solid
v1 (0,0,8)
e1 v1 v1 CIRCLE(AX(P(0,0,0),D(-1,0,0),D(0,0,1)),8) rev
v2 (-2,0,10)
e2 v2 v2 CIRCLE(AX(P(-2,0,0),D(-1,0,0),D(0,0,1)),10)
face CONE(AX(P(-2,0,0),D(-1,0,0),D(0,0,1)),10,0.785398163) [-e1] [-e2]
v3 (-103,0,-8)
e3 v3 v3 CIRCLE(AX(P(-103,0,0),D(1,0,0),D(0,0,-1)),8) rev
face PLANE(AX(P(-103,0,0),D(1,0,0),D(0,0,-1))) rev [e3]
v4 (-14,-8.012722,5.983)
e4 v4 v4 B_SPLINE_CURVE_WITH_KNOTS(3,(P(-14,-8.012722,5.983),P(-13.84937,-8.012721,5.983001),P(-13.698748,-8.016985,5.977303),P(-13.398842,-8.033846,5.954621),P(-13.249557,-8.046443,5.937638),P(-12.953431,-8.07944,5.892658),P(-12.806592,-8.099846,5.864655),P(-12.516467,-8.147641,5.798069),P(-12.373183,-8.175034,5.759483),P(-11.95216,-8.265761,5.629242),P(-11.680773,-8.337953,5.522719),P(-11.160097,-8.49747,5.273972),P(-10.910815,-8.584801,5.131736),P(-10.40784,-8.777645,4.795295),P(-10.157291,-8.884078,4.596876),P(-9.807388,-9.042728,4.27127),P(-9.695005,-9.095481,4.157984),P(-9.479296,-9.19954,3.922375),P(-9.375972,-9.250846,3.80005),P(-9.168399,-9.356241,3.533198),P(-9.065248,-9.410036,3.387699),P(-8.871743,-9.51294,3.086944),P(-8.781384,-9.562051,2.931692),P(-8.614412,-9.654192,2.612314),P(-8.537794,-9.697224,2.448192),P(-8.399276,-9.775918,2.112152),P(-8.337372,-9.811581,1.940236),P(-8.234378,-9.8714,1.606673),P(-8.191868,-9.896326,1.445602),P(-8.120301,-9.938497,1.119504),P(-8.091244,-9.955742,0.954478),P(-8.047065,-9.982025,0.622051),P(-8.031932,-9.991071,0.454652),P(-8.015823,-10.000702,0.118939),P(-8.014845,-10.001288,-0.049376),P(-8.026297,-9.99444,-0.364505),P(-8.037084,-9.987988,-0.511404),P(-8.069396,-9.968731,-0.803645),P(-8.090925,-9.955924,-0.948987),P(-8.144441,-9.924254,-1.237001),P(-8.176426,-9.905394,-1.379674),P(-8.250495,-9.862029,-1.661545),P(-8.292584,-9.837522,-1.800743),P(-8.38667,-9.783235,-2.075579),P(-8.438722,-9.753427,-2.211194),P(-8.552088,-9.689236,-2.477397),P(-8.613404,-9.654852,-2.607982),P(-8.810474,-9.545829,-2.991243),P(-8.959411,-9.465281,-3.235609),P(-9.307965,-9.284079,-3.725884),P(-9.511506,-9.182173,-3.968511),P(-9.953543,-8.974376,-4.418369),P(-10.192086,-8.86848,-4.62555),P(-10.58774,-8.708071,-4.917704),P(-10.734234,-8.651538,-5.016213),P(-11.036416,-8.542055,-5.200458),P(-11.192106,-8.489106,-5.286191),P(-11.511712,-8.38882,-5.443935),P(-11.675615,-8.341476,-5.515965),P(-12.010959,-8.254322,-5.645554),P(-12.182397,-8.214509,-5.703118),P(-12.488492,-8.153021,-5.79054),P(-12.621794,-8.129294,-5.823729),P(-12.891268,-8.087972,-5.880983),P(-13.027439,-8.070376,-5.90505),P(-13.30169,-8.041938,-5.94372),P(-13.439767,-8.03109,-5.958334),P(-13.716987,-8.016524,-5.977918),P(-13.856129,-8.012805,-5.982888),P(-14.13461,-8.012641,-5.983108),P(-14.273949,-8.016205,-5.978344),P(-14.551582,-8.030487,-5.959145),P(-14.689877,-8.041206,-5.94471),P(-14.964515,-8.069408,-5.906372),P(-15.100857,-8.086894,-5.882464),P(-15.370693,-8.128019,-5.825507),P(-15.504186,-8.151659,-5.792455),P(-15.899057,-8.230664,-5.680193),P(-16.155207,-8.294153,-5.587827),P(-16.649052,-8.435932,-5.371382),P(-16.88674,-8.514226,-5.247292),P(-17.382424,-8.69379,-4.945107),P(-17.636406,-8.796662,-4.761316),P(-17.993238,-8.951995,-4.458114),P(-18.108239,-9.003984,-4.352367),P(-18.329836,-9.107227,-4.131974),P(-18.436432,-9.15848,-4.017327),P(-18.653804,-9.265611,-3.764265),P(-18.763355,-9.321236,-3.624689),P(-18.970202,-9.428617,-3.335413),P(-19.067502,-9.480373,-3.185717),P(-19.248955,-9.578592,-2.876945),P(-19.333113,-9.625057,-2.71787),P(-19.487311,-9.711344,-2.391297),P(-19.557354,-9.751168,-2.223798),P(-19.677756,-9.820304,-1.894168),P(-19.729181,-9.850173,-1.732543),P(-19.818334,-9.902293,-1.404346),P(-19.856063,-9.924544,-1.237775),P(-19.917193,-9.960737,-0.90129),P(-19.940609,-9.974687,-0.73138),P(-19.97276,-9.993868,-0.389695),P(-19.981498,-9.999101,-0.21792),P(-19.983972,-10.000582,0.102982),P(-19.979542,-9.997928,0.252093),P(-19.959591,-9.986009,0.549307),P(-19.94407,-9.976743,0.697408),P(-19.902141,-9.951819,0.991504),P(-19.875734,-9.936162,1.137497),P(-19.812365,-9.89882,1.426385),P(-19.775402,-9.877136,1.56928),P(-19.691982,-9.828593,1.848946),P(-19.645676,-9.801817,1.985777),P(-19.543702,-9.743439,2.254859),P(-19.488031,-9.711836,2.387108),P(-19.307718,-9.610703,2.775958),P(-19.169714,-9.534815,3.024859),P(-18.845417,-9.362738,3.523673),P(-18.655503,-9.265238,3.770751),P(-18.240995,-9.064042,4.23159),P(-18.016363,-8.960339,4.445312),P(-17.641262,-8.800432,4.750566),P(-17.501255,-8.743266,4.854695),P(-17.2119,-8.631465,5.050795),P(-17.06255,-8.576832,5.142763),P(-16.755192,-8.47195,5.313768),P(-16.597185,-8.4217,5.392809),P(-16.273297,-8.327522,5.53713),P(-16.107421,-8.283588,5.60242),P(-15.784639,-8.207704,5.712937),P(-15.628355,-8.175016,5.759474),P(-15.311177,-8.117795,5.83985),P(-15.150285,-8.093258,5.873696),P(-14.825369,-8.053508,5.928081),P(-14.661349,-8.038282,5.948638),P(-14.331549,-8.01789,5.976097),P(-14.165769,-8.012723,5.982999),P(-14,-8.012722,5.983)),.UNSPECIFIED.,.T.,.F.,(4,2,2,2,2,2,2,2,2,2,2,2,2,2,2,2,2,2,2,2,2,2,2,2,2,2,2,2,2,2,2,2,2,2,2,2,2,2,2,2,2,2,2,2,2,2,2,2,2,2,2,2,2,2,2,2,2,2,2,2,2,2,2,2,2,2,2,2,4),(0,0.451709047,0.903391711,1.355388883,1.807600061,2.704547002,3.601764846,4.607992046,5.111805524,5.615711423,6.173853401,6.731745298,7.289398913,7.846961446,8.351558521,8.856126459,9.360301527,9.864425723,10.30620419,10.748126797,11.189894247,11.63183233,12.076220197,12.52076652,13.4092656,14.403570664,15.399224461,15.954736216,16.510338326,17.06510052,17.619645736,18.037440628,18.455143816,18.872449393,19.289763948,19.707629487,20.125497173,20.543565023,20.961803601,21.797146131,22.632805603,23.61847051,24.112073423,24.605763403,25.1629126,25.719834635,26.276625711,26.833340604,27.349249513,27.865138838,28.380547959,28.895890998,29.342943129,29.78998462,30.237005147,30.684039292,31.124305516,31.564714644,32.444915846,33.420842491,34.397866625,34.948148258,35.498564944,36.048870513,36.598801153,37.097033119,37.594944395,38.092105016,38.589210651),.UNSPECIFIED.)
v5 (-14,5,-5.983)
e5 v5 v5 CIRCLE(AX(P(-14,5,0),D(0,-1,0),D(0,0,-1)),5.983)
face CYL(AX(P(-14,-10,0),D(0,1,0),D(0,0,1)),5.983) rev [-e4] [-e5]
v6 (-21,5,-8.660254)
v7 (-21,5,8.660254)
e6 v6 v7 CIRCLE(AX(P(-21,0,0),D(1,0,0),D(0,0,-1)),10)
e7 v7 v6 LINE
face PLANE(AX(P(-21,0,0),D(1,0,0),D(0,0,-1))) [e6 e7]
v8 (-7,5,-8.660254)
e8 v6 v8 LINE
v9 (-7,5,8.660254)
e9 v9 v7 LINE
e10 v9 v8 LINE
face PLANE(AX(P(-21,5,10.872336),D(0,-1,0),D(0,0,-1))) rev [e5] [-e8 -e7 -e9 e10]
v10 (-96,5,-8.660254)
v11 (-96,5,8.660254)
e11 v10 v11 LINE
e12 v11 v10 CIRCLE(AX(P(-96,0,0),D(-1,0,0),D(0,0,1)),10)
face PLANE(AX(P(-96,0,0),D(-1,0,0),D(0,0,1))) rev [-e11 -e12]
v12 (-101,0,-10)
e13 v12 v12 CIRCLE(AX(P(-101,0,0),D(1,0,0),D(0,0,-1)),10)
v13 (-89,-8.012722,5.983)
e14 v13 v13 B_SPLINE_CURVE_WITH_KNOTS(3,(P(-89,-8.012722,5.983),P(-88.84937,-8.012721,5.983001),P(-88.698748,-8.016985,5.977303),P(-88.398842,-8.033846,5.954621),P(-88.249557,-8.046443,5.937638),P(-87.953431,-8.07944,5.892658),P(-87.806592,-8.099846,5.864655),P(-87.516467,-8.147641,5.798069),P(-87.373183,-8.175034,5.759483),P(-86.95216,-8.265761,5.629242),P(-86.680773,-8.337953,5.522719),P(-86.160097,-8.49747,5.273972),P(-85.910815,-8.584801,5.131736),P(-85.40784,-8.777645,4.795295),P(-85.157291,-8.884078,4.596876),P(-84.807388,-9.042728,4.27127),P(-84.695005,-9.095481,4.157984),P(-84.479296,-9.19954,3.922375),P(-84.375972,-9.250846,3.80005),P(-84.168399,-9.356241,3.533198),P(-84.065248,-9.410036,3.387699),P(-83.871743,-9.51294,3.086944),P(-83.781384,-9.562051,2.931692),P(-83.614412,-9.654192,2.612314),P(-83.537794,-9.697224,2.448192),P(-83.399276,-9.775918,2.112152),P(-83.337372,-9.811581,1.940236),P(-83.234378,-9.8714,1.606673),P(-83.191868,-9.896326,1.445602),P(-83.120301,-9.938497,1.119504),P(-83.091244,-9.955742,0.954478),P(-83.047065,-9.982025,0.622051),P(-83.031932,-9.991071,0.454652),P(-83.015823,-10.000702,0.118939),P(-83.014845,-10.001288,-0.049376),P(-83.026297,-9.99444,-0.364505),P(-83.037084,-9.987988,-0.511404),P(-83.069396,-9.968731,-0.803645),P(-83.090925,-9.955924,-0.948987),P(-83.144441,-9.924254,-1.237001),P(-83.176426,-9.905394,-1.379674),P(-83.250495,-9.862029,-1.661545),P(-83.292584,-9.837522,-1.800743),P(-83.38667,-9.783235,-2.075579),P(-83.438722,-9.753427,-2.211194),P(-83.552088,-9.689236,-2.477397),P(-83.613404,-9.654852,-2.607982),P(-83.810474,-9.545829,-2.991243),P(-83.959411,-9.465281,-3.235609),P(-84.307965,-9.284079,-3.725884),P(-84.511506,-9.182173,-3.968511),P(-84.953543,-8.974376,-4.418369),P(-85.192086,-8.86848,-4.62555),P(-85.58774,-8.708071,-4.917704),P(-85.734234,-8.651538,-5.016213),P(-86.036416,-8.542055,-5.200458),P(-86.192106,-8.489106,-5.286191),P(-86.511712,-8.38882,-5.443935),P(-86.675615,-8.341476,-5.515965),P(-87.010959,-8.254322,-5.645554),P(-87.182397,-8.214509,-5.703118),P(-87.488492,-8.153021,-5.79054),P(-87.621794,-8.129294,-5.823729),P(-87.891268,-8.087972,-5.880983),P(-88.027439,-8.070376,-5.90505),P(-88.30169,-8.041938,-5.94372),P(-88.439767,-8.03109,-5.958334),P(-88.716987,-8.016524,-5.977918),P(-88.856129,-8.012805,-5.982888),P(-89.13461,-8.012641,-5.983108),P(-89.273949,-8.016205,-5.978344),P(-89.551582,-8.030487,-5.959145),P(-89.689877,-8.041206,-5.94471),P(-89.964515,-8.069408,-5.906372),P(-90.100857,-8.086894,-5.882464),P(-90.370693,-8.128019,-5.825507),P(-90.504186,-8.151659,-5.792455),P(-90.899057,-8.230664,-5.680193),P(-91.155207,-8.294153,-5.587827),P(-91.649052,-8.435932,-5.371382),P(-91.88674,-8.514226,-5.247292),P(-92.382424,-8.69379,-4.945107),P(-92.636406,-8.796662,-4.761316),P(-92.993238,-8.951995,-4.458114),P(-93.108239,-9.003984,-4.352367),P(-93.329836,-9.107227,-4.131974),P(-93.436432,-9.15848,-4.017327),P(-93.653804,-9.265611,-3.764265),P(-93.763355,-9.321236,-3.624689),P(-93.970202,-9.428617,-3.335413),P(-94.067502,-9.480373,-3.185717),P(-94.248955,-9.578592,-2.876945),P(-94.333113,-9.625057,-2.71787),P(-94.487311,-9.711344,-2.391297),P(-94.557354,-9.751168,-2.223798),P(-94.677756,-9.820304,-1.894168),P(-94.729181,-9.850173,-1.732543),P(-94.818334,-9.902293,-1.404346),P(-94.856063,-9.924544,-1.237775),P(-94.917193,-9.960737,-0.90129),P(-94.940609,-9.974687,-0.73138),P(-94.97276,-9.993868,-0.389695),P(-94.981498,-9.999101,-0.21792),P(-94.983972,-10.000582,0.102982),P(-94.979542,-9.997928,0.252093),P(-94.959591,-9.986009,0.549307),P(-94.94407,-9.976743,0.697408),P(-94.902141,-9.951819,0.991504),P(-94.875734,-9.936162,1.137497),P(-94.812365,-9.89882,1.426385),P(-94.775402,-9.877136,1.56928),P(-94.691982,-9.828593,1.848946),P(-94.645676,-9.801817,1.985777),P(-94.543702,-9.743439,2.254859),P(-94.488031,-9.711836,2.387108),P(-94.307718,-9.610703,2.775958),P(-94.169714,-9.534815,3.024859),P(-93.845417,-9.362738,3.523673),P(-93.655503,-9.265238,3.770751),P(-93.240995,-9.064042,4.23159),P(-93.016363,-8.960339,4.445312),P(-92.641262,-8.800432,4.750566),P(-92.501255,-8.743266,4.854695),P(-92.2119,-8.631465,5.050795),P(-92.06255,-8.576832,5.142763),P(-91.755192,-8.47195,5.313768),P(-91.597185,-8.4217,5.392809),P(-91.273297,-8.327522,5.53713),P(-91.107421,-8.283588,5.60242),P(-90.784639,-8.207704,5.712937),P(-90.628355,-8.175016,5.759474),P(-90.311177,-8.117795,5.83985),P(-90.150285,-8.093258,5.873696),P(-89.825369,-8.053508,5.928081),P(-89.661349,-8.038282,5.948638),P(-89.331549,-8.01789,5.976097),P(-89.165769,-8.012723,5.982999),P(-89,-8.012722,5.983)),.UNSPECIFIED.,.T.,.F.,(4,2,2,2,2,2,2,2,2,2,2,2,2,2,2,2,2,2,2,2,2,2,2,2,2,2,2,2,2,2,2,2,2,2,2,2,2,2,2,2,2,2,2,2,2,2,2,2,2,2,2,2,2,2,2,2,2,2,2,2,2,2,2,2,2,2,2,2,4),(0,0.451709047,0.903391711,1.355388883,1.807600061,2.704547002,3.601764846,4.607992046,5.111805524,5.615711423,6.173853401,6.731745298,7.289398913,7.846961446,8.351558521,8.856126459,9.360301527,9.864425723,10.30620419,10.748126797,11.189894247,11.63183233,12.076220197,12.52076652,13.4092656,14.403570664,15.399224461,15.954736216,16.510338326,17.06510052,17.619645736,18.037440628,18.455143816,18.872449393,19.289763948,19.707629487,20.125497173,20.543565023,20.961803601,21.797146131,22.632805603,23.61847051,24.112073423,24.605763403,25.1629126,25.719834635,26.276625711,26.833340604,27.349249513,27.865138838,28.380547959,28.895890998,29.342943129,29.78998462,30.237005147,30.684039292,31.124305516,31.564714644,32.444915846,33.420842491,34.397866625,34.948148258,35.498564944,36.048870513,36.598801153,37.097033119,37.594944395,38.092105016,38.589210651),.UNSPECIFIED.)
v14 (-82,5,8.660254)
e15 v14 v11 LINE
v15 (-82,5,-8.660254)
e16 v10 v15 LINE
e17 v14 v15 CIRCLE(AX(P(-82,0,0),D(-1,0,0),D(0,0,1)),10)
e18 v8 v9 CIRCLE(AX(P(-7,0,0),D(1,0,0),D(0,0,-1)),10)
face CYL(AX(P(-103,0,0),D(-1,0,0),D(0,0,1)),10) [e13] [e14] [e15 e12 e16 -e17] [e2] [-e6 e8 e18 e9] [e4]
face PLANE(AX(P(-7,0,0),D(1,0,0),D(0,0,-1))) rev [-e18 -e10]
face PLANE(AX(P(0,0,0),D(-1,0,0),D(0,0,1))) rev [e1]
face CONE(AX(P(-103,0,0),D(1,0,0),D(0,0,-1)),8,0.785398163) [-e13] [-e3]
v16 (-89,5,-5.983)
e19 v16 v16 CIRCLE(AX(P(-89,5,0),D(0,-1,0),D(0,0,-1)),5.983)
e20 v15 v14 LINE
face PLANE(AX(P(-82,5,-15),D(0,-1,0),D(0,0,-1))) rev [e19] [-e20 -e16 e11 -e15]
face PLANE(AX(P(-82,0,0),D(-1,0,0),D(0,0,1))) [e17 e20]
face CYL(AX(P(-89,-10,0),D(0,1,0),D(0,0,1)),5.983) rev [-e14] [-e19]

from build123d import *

# Parameters (mm, degrees)
SKETCH1_W               = 103
SKETCH1_H               = 10
CUT_EXTRUDE1_START      = -7
CUT_EXTRUDE1_DEPTH      = 14
CUT_EXTRUDE2_START      = -7
CUT_EXTRUDE2_DEPTH      = 14
CUT_EXTRUDE3_DEPTH      = 104.966340707
CUT_EXTRUDE3_DEPTH_BACK = 104.966340707
SKETCH4_R               = 5.983
CHAMFER1_SIZE           = 2


with BuildPart() as part:
    # Sketch1 → Revolve1 (revolve)
    with BuildSketch(Plane.XY, mode=Mode.PRIVATE) as revolve1_sk:
        with Locations((-51.5, 5)):
            Rectangle(SKETCH1_W, SKETCH1_H)
    revolve(revolve1_sk.sketch.rotate(Axis((-103, 0, 0), (1, 0, 0)), 90), axis=Axis((-103, 0, 0), (1, 0, 0)))

    # Sketch2 → Cut-Extrude1 (cut)
    with BuildSketch(Plane(origin=(0, 0, 0), x_dir=(0, 0, -1), z_dir=(1, 0, 0)).offset(CUT_EXTRUDE1_START)):
        with BuildLine():
            Line((-10.872335562, 5), (10.872335562, 5))
            ThreePointArc((10.872335562, 5), (0, 11.966941154), (-10.872335562, 5))
        make_face()
    extrude(amount=-CUT_EXTRUDE1_DEPTH, mode=Mode.SUBTRACT)

    # Sketch3 → Cut-Extrude2 (cut)
    with BuildSketch(Plane.ZY.offset(103).offset(CUT_EXTRUDE2_START)):
        with BuildLine():
            Line((-15, 5), (15, 5))
            ThreePointArc((15, 5), (0, 15.811388301), (-15, 5))
        make_face()
    extrude(amount=-CUT_EXTRUDE2_DEPTH, mode=Mode.SUBTRACT)

    # Sketch4 → Cut-Extrude3 (cut, two sides: drawn at the far end of the back side and taken through both)
    with BuildSketch(Plane(origin=(0, 0, 0), x_dir=(1, 0, 0), z_dir=(0, 1, 0)).offset(-CUT_EXTRUDE3_DEPTH_BACK)):
        with Locations(Location((-89, 0, 0), (0, 0, 270))):
            Circle(SKETCH4_R)
        with Locations(Location((-14, 0, 0), (0, 0, 270))):
            Circle(SKETCH4_R)
    extrude(amount=CUT_EXTRUDE3_DEPTH + CUT_EXTRUDE3_DEPTH_BACK, mode=Mode.SUBTRACT)

    # Chamfer1
    chamfer1_edges = [part.edges().sort_by_distance(p)[0] for p in [
        (0, 0, -10),
        (-103, 0, -10),
    ]]
    chamfer(chamfer1_edges, length=CHAMFER1_SIZE)


solid = part.part
